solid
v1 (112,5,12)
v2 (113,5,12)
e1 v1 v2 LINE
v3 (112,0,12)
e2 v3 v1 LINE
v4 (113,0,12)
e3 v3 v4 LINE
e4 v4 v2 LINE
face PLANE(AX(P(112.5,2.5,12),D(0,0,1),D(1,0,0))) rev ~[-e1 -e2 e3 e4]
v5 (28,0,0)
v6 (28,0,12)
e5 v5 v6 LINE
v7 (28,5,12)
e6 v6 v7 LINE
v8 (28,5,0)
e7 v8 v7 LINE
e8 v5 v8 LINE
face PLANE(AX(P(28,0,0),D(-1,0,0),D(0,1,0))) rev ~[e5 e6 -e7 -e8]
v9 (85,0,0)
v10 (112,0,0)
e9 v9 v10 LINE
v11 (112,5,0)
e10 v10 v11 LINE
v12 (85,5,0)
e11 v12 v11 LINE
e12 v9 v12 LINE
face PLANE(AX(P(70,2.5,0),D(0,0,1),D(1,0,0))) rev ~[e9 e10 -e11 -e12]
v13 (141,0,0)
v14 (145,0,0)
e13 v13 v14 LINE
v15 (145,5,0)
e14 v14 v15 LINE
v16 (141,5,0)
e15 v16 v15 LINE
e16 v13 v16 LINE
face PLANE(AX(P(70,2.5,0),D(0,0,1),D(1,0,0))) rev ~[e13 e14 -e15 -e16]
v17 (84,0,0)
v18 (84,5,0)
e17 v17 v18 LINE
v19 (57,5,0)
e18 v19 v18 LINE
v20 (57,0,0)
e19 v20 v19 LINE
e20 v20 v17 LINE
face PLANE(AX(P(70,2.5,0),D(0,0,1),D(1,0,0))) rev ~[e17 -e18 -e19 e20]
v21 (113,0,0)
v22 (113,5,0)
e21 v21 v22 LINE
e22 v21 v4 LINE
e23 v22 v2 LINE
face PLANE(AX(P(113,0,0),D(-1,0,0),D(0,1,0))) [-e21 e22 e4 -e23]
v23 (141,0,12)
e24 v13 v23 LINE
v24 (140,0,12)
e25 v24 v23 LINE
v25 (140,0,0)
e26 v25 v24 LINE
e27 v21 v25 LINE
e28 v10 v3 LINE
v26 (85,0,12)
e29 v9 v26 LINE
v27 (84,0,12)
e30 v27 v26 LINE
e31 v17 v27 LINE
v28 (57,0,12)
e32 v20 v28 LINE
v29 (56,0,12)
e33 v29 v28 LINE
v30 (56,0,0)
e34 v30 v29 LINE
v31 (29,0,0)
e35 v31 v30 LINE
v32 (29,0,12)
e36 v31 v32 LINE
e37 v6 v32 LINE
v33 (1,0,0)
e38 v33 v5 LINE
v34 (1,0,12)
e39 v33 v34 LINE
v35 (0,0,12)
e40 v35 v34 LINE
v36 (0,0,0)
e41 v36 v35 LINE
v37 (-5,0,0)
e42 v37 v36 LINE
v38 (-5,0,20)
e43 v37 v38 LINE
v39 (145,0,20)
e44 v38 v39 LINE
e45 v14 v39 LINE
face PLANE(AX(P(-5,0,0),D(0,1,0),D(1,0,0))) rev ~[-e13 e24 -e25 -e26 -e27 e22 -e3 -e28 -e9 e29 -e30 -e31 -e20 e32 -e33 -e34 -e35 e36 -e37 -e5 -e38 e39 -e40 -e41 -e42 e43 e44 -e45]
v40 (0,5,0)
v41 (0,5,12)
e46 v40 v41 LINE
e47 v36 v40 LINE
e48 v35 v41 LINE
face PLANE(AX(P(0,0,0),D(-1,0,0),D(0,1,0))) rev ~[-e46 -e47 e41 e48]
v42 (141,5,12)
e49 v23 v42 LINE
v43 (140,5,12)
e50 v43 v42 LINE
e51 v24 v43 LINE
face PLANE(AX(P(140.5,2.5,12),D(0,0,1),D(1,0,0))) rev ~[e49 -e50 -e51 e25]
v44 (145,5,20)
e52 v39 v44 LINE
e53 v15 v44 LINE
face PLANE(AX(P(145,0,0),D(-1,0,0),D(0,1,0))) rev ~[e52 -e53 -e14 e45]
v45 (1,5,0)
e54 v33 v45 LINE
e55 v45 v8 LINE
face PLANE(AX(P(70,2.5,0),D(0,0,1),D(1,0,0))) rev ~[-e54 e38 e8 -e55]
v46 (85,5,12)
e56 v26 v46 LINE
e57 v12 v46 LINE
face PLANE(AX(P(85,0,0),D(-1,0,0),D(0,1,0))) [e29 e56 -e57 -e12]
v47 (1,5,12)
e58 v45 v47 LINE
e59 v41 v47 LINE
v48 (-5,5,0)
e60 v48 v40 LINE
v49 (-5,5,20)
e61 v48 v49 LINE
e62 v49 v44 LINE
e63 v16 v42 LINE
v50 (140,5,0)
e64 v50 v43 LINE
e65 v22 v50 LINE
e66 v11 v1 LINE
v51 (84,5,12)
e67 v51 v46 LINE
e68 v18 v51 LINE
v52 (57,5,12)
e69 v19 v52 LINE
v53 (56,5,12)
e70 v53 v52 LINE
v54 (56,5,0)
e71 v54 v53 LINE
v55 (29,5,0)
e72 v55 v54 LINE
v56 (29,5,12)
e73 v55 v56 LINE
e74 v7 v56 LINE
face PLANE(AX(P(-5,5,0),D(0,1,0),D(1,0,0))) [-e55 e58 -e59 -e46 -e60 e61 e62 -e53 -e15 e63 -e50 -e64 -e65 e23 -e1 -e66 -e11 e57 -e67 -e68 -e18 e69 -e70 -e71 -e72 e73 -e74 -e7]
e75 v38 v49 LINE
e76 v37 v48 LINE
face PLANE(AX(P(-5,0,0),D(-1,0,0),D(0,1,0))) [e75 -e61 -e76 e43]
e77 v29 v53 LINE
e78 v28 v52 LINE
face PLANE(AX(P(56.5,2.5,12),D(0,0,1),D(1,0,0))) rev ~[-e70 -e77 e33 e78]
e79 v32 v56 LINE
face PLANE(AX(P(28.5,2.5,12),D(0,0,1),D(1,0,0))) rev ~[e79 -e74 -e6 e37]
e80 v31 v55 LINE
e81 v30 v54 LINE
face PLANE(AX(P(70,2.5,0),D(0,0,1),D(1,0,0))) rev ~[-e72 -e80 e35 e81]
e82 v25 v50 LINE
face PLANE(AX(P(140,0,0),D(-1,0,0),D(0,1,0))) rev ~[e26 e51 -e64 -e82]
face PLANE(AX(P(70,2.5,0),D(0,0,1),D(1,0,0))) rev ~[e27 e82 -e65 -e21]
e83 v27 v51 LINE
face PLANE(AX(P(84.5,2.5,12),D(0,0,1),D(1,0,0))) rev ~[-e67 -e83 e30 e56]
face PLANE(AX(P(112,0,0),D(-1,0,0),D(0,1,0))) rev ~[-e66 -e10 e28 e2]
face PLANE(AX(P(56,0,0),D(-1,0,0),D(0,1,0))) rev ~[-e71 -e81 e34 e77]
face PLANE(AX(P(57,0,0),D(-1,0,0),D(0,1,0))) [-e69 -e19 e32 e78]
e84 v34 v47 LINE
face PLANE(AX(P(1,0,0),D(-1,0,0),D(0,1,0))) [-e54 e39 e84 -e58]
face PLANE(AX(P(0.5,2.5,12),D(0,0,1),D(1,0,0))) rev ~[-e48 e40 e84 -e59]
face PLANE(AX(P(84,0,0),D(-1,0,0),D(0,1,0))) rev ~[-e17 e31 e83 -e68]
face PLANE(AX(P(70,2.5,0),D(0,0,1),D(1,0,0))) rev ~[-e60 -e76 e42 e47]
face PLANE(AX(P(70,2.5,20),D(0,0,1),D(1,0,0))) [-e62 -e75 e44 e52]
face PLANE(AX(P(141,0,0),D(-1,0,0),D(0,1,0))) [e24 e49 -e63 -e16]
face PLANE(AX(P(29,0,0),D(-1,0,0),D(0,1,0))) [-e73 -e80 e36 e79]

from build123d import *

# Parameters (mm, degrees)
BOX001_W      = 1
BOX001_H      = 5
BOX001_DEPTH  = 12
ARRAY_X_COUNT = 6
ARRAY_X_PITCH = 28
BOX_W         = 150
BOX_H         = 5
BOX_DEPTH     = 20


with BuildPart() as array:
    # Box001 → Box001 (new body)
    with BuildSketch(Plane.XY):
        with Locations((0.5, 2.5)):
            Rectangle(BOX001_W, BOX001_H)
    extrude(amount=BOX001_DEPTH)

    # Array X: Array ×6


with BuildPart() as array_1:
    add(array.part)
    with Locations(*[(i * ARRAY_X_PITCH, 0, 0) for i in range(1, ARRAY_X_COUNT)]):
        add(array.part)


with BuildPart() as cut:
    # Box → Box (new body)
    with BuildSketch(Plane(origin=(-5, 0, 0), x_dir=(1, 0, 0), z_dir=(0, 0, 1))):
        with Locations((75, 2.5)):
            Rectangle(BOX_W, BOX_H)
    extrude(amount=BOX_DEPTH)

    # Cut: cut Array
    add(array_1.part, mode=Mode.SUBTRACT)


solid = cut.part
